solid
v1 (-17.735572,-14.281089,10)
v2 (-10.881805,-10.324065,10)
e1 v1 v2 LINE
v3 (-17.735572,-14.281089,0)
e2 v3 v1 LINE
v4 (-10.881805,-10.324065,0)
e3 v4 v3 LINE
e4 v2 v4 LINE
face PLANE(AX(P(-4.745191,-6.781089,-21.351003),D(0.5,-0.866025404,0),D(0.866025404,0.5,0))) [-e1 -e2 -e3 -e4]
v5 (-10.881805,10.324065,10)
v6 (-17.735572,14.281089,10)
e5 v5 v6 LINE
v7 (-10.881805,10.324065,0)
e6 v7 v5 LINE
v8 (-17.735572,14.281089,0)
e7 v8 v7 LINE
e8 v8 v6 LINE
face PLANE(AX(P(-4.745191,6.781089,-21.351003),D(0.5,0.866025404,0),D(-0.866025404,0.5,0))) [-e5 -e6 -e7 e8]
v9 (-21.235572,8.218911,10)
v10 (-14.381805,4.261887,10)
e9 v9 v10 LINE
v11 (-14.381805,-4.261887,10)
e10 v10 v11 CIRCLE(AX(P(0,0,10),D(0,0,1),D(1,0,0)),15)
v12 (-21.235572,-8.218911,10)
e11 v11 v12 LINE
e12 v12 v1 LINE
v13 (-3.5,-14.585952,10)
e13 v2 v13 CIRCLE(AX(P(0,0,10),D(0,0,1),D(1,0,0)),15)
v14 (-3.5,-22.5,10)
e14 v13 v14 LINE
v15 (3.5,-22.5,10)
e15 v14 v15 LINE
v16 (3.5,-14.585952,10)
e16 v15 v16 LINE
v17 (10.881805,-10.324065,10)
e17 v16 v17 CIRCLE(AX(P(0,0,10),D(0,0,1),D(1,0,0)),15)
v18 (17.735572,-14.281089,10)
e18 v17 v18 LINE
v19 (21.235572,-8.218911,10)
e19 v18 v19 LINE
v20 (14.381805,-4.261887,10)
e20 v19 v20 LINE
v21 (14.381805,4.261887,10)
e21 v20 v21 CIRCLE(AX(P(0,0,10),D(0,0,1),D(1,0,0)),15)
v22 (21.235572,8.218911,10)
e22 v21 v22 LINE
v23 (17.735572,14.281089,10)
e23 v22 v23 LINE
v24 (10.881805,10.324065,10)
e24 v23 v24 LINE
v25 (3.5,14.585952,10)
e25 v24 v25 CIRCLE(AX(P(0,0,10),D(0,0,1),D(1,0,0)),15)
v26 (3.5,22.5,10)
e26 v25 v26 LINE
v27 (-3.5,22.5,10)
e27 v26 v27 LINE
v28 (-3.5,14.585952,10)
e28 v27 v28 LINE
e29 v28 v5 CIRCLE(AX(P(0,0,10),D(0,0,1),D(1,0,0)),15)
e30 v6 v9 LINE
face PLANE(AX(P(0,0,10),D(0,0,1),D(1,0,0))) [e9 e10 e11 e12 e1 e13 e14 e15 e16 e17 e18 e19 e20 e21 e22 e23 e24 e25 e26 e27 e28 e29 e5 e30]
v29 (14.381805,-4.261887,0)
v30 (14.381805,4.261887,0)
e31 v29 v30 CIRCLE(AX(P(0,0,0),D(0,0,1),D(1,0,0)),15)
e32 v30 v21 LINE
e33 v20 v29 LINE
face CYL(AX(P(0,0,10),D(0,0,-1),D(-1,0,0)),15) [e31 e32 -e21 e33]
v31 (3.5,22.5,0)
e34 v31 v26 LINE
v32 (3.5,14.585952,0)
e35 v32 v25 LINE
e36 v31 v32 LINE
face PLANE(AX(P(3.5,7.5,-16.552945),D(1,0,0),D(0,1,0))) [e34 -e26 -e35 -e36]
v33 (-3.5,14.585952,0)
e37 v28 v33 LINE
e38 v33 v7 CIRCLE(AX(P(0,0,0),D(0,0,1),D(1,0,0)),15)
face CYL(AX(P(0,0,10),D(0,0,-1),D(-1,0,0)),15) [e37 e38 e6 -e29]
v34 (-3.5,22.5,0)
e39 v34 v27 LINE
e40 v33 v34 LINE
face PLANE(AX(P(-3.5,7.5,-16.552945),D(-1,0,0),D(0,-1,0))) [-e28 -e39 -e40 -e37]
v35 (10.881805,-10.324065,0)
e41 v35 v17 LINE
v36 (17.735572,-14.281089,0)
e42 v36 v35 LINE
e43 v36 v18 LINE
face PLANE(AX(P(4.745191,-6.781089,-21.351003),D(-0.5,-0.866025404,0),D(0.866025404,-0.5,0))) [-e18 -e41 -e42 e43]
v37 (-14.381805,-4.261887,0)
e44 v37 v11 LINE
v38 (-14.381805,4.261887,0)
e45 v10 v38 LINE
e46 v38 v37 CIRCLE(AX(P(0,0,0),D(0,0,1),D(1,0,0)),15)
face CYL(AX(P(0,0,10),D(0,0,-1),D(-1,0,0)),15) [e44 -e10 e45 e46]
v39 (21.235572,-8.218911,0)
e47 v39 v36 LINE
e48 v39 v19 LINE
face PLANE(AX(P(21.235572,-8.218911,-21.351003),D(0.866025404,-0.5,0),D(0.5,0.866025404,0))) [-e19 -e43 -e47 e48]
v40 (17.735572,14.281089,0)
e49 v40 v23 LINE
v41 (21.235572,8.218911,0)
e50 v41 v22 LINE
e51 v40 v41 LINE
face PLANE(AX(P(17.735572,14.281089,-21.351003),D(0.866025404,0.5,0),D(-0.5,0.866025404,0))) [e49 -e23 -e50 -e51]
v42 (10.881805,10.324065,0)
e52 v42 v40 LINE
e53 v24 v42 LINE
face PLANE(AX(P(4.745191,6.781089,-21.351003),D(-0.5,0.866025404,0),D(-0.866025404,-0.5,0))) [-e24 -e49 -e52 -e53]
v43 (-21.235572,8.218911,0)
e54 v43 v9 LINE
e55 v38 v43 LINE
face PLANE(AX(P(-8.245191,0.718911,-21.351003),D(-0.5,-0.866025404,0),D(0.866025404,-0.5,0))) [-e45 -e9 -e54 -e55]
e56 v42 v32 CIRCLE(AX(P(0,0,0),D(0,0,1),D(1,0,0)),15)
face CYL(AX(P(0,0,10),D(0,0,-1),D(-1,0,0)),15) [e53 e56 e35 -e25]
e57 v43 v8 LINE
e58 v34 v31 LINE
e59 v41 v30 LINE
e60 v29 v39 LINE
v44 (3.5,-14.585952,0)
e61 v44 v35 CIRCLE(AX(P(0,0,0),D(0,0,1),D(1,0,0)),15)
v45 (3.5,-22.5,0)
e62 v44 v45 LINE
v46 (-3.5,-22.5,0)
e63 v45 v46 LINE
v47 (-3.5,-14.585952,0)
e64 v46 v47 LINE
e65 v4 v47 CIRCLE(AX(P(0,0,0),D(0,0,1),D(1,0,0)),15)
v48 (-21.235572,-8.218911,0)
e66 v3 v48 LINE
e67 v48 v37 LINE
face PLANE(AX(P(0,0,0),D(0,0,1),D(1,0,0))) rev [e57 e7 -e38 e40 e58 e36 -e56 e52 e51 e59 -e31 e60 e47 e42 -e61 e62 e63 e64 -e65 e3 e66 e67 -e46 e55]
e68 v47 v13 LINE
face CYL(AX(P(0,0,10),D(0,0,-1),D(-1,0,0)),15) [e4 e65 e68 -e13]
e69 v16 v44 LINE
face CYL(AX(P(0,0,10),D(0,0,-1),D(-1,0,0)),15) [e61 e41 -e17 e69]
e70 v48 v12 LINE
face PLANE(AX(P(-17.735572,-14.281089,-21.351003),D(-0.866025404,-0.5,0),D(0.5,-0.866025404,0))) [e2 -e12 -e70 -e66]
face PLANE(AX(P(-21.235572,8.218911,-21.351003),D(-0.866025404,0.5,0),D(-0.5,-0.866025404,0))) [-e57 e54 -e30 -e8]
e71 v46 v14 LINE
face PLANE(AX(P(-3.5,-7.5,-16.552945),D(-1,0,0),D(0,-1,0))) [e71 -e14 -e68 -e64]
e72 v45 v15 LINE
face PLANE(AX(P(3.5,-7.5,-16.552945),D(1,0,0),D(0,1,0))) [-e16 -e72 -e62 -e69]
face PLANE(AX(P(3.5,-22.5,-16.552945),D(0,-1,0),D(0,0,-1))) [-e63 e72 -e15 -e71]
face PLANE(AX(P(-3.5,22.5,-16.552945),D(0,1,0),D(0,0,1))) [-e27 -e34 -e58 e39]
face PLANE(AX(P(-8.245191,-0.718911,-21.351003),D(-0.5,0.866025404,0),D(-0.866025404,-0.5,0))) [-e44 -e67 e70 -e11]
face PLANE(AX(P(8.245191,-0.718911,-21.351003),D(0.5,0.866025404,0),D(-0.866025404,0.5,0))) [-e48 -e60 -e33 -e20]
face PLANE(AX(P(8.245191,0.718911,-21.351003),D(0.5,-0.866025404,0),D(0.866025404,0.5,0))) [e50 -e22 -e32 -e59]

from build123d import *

# Parameters (mm, degrees)
SKETCH1_R           = 15
BOSS_EXTRUDE1_DEPTH = 10
SKETCH2_W           = 7
SKETCH2_H           = 15
BOSS_EXTRUDE2_DEPTH = 10
CIRPATTERN1_COUNT   = 6


with BuildPart() as part:
    # Sketch1 → Boss-Extrude1 (new body)
    with BuildSketch(Plane.XY):
        Circle(SKETCH1_R)
    extrude(amount=BOSS_EXTRUDE1_DEPTH)

    # Sketch2 → Boss-Extrude2 (add)
    with BuildSketch(Plane.XY.offset(10)):
        with Locations((0, 15)):
            Rectangle(SKETCH2_W, SKETCH2_H)
    boss_extrude2 = extrude(amount=-BOSS_EXTRUDE2_DEPTH)

    # CirPattern1: Boss-Extrude2 ×6 about axis
    cirpattern1_axis = Axis((0, 0, 0), (0, 0, 1))
    for i in range(1, CIRPATTERN1_COUNT):
        add(boss_extrude2.rotate(cirpattern1_axis, i * 360 / CIRPATTERN1_COUNT))


solid = part.part
